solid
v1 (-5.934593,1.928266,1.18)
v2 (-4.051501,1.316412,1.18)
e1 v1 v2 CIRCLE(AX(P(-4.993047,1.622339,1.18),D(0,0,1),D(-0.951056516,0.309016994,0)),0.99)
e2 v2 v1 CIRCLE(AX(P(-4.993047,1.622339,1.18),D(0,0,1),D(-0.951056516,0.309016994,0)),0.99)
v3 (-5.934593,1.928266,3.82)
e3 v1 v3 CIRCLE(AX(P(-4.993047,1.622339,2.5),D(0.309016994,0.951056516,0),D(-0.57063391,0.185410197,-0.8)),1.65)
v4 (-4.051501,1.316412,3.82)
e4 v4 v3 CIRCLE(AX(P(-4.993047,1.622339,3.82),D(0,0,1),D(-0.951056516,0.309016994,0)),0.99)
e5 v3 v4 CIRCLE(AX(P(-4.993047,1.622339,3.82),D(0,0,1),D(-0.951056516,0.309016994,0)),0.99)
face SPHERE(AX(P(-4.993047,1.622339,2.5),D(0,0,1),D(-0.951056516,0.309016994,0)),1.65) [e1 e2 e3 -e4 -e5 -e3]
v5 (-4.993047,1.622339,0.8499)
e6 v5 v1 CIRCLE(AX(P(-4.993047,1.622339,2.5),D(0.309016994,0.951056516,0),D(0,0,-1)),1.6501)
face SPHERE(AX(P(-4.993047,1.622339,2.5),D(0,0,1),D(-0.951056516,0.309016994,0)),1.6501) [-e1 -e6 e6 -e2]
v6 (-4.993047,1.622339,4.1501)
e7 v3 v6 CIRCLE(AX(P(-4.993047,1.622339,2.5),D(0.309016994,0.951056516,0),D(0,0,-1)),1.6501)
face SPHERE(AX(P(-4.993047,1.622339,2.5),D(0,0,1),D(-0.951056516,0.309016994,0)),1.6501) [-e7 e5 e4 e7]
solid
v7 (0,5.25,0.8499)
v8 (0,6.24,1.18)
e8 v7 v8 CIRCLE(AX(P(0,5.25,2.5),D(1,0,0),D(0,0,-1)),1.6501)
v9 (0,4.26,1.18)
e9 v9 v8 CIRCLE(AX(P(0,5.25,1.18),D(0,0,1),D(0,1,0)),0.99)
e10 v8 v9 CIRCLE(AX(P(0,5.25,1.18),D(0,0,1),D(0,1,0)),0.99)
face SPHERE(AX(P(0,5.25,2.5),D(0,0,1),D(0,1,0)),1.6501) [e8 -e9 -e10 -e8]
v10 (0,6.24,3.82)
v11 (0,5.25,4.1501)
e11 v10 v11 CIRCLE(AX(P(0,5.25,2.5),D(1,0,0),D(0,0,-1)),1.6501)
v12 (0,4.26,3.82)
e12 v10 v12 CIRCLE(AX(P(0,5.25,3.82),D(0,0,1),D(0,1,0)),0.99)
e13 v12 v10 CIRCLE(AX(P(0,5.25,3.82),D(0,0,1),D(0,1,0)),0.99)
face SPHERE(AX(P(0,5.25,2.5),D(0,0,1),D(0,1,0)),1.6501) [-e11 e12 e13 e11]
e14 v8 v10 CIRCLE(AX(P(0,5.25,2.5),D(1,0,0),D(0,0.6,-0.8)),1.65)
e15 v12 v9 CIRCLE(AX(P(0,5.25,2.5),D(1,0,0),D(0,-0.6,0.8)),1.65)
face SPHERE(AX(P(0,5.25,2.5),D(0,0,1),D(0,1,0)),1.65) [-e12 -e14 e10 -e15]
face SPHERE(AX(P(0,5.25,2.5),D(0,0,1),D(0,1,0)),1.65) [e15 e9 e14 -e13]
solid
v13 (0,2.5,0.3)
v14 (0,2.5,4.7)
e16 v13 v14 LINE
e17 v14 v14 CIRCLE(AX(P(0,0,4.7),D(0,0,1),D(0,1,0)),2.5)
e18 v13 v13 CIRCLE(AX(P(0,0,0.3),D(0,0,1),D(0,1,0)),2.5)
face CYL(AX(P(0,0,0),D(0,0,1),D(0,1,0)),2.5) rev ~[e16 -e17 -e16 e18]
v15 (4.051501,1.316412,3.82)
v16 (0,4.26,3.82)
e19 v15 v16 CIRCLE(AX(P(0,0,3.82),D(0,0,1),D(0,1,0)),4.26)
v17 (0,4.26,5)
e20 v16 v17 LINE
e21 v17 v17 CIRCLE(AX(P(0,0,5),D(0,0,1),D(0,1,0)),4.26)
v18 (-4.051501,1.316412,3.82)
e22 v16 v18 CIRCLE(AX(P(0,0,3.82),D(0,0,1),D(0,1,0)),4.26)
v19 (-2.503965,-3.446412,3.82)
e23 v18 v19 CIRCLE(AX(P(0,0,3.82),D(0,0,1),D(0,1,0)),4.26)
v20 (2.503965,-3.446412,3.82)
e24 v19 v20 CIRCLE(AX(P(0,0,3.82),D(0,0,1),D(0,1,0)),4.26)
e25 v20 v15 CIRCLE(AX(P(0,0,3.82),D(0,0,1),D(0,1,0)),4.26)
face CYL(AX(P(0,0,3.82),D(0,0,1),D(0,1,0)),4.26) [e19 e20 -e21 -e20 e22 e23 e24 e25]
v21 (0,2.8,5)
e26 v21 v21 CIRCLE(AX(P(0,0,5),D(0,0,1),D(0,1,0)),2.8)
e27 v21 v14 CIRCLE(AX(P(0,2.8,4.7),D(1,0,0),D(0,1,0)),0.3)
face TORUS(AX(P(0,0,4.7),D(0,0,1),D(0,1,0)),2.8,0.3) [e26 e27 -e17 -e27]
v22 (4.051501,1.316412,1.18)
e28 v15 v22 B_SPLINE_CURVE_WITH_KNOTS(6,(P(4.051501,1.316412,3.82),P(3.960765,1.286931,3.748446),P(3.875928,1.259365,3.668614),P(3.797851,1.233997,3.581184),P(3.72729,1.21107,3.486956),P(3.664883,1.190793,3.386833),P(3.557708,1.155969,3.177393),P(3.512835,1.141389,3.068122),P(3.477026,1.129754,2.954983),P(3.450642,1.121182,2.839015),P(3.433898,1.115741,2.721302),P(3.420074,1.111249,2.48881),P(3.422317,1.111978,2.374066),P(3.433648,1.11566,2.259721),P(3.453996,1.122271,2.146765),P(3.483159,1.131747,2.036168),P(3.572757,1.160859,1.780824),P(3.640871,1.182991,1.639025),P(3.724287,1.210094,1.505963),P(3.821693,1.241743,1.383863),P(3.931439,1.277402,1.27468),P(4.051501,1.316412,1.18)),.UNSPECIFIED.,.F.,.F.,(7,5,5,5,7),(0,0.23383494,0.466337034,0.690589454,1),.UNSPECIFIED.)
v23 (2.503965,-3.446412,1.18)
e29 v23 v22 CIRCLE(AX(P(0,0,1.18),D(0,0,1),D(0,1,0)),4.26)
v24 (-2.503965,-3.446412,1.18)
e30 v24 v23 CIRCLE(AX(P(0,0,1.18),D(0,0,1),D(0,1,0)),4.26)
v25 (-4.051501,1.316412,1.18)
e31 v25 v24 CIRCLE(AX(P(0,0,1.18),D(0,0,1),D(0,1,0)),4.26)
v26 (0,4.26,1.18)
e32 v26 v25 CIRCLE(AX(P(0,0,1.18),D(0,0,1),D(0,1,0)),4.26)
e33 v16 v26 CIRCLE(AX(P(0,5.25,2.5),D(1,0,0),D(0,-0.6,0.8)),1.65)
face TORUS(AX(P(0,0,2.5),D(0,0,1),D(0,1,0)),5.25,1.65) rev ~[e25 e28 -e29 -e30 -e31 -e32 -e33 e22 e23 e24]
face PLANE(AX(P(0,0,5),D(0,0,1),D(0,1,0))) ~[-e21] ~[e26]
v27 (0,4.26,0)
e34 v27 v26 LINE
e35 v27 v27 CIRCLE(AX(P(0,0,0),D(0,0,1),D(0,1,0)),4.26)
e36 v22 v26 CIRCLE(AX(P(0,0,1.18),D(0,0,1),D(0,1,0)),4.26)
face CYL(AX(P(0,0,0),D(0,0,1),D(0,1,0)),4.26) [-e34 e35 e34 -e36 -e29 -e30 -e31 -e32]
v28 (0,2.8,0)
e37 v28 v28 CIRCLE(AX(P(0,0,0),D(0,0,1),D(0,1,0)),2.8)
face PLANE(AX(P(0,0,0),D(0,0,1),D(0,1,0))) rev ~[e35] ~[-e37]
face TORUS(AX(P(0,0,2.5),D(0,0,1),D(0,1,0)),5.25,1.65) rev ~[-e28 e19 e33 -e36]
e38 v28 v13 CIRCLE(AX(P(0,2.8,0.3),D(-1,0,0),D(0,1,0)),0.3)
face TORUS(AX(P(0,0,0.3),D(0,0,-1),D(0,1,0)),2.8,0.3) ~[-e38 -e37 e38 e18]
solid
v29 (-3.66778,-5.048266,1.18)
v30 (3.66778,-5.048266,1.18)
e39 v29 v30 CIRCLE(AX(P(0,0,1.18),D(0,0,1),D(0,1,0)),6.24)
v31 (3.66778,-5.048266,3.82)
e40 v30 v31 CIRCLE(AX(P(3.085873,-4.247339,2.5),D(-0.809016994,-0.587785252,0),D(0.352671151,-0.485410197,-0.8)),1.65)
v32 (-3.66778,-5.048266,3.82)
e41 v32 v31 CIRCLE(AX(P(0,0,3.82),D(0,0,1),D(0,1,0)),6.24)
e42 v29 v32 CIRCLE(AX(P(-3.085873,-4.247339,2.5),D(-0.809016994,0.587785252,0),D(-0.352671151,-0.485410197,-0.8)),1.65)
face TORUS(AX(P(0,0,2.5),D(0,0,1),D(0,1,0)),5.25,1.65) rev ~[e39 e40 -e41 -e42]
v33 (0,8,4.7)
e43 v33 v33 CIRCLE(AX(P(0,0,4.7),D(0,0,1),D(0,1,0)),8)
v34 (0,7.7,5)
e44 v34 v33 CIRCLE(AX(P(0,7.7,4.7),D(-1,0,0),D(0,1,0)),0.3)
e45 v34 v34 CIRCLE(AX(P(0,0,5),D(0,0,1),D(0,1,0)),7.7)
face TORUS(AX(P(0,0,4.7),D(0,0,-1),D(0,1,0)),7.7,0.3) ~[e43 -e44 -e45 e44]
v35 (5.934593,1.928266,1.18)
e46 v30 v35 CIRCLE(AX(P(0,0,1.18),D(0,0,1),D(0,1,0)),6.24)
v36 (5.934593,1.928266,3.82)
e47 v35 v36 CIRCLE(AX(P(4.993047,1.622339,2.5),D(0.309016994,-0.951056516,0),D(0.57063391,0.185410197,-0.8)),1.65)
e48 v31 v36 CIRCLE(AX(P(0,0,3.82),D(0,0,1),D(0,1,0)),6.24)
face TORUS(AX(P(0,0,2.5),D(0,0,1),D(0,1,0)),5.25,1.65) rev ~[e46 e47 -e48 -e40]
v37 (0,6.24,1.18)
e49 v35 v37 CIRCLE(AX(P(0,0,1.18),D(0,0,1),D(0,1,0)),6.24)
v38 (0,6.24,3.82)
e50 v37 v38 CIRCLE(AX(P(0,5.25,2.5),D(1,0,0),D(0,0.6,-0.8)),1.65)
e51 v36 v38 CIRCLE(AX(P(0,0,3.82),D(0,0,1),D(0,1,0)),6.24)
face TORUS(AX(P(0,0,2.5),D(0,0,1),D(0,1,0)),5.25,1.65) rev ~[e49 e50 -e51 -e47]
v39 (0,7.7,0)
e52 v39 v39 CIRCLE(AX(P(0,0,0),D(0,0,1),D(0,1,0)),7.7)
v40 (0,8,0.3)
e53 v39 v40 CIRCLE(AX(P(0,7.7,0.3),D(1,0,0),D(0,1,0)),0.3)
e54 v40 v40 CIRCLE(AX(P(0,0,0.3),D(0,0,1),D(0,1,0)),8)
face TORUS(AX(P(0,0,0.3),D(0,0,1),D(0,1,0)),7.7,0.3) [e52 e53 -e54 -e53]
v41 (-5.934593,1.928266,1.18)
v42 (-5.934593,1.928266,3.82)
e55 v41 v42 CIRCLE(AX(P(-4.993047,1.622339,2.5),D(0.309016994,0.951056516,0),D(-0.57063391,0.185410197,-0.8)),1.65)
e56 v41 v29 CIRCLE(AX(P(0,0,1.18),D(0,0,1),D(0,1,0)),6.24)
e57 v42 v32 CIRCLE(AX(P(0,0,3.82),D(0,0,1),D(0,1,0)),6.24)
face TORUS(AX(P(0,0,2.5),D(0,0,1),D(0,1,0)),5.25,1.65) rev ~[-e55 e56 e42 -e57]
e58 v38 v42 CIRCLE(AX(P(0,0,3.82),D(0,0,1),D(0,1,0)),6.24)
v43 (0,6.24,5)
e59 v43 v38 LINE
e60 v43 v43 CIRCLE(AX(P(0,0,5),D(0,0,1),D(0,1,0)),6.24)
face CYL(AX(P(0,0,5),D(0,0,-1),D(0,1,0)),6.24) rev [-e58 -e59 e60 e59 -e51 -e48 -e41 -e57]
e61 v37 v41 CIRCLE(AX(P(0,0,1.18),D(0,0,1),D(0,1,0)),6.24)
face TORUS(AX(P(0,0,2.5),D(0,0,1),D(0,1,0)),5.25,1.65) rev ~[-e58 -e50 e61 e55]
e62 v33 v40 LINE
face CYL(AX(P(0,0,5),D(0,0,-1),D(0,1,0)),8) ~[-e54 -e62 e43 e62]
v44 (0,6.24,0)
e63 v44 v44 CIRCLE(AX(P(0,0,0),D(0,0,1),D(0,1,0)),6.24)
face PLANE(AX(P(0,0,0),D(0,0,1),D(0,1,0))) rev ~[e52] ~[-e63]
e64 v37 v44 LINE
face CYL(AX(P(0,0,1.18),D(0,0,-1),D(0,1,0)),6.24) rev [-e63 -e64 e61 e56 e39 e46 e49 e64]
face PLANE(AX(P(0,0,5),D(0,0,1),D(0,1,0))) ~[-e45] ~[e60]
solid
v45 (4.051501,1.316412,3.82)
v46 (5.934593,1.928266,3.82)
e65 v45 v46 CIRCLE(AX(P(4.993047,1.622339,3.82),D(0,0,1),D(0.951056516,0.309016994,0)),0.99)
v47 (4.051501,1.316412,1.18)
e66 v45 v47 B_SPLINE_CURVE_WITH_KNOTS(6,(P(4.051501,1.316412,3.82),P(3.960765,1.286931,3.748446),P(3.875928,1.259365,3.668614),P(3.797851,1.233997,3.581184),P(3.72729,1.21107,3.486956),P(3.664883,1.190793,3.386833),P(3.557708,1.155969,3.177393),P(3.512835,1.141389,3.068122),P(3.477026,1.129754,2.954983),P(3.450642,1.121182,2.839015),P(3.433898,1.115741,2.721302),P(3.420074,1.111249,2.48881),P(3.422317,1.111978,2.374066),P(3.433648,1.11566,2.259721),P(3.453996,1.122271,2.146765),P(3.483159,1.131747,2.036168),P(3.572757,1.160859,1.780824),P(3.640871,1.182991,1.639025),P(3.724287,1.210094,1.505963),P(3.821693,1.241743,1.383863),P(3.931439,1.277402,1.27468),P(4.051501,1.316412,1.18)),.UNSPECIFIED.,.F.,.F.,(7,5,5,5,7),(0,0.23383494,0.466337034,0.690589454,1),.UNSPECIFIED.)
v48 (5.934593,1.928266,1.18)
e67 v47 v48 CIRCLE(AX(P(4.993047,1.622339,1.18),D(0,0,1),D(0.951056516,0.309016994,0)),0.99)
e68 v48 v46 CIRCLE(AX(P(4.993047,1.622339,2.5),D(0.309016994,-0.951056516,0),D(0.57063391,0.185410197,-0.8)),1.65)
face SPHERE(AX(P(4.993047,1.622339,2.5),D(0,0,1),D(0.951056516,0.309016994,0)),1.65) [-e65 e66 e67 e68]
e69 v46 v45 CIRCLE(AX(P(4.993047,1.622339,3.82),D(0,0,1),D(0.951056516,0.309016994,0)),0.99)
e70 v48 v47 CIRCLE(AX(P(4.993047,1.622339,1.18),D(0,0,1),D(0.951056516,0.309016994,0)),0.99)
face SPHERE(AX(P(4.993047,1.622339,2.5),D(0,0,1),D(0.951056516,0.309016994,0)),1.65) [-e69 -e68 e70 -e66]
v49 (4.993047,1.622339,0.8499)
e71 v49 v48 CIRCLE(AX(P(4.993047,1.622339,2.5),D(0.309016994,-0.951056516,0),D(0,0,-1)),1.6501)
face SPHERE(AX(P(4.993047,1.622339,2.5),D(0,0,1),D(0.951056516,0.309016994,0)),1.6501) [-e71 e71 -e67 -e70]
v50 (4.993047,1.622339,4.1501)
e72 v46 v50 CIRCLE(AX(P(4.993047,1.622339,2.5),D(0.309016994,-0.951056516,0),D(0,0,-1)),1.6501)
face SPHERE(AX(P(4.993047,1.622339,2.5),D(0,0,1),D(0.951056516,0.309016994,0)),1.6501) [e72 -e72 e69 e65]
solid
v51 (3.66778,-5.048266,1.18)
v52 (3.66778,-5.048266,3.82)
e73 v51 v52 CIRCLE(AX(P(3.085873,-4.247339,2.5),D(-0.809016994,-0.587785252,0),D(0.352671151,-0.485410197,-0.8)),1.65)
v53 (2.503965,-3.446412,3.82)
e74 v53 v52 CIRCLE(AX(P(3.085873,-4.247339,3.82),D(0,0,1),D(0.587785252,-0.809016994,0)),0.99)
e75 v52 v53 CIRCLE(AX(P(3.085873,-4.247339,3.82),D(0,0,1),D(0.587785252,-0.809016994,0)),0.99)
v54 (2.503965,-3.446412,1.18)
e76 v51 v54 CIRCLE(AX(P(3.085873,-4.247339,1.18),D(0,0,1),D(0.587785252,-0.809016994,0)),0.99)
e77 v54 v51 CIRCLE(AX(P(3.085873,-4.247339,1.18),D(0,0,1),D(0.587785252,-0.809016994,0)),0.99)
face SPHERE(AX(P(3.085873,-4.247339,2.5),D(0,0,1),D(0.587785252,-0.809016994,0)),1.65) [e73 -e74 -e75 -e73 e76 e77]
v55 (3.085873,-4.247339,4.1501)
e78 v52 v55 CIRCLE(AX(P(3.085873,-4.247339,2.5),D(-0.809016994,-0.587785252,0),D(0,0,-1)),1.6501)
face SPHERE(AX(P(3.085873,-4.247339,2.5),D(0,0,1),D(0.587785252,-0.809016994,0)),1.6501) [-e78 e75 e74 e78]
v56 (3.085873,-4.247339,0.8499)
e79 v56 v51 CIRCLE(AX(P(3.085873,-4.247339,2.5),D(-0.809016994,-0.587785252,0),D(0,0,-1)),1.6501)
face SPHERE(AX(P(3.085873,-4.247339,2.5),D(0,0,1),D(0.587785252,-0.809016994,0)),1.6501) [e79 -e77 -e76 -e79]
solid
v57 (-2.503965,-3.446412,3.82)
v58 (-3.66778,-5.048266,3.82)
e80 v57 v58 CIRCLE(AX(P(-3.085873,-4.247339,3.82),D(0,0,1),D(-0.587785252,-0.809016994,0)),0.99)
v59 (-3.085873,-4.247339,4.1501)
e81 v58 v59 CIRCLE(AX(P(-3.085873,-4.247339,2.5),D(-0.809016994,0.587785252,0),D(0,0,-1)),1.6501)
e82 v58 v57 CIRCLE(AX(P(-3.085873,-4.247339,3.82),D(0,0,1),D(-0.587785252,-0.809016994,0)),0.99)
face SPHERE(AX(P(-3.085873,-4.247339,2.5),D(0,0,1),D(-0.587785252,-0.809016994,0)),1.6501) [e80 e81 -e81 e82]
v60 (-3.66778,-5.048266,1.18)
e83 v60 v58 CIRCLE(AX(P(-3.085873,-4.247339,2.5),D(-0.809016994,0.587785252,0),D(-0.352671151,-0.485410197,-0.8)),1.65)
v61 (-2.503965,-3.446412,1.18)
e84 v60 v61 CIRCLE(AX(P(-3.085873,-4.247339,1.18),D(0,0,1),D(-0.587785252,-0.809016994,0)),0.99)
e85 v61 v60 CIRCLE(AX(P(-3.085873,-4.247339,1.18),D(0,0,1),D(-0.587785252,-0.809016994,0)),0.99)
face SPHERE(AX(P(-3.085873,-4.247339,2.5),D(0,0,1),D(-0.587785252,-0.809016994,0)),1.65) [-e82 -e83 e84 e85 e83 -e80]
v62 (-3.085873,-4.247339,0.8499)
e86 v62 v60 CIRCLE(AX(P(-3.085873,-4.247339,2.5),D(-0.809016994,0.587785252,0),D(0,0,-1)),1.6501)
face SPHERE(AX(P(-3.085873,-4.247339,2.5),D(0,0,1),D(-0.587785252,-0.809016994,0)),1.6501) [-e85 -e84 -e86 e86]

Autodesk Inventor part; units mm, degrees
ref_plane "YZ Plane" through (0, 0, 0) normal (1, 0, 0) x (0, 1, 0)
sketch "Skizze1" plane through (0, 0, 0) normal (0, 0, 1) x (1, 0, 0)
  point P0 (0, 0)
sketch "Skizze2" plane through (0, 0, 0) normal (1, 0, 0) x (0, 1, 0)
  line L0 (2.5, 5) -> (8, 5)
  line L1 (2.5, 0) -> (2.5, 5)
  line L2 (8, 0) -> (2.5, 0)
  line L3 (8, 5) -> (8, 0)
  line L4 (0, 0) -> (0, 20) construction
  line L5 (0, 0) -> (0, 20)
  line L6 (-7.2, 0) -> (43.2, 0) projected
  dimension "d1" = 5
  dimension "d3" = 16
  dimension "d5" = 5
revolve "Drehung1" add sketch "Skizze2" angle 360 about axis through (0, 0, 0) along (0, 0, 1)
ref_plane "WorkPlane3" through (0, 0, 0) normal (0, 0, -1) x (-1, 0, 0)
sketch "Skizze3" plane through (0, 0, 0) normal (1, 0, 0) x (0, 1, 0)
  arc A0 (6.24, 1.18) -> (6.24, 3.82) centre (5.25, 2.5) ccw
  line L0 (6.24, 5) -> (6.24, 3.82)
  line L1 (4.26, 5) -> (6.24, 5)
  line L2 (4.26, 3.82) -> (4.26, 5)
  arc A1 (4.26, 3.82) -> (4.26, 1.18) centre (5.25, 2.5) ccw
  line L3 (4.26, 0) -> (4.26, 1.18)
  line L4 (6.24, 0) -> (4.26, 0)
  line L5 (6.24, 1.18) -> (6.24, 0)
  line L6 (8, 0) -> (-8, 0) construction
  line L7 (8, 5) -> (-8, 5) construction
  line L8 (0, -42.2904) -> (0, 61.2904)
  line L9 (0, 82.0066) -> (0, -63.0066) projected
  dimension "d9" = 3.3
  dimension "d21" = 4.26
  dimension "d22" = 5.25
  dimension "d23" = 6.24
revolve "Drehung2" cut sketch "Skizze3" angle 360 about axis through (0, 0, -42.2904) along (0, 0, 1)
ref_plane "WorkPlane4" through (0, 0, 5) normal (0, 0, -1) x (-1, 0, 0)
sketch "Skizze4" plane through (0, 0, 5) normal (0, 0, -1) x (-1, 0, 0)
  point P0 (0, 0)
sketch "Skizze5" plane through (0, 0, 0) normal (1, 0, 0) x (0, 1, 0)
  arc A0 (5.25, 0.8499) -> (5.25, 4.1501) centre (5.25, 2.5) ccw
  line L0 (5.25, 0.8499) -> (5.25, 4.1501)
  line L1 (6.24, 0) -> (-6.24, 0) construction
  line L2 (5.25, 0.8499) -> (5.25, 4.1501)
  arc A1 (6.24, 1.18) -> (6.24, 3.82) centre (5.25, 2.5) ccw projected
  dimension "d13" = 0
  dimension "d15" = 3.3001
revolve "Drehung3" add sketch "Skizze5" angle 360 about axis through (0, 5.25, 0.8499) along (0, 0, 1)
pattern_circular "Polare Anordnung1" count 5 over 360 about axis through (0, 0, 2.5) along (0, 0, 1) of "Drehung3"
fillet "Rundung1" radius 0.3 4 edges at (0, -8, 5) (0, -8, 0) (0, -2.5, 5) (0, -2.5, 0)
equation "\"d17\" = msp_pocet"
equation "\"d20\" = r"
equation "\"d1\" = Diam"
equation "\"d3\" = DD"
equation "\"d5\" = msp_mdtd2"
equation "\"d9\" = msp_mdtd6"
equation "\"d21\" = 0.5 * msp_d1"
equation "\"d22\" = 0.5 * msp_ds"
equation "\"d23\" = 0.5 * msp_dd1"
equation "\"Diam\" = 5"
equation "\"DD\" = 16"
equation "\"B\" = 5"
equation "\"r\" = 0.3"
equation "\"msp_ds\" = 0.5 * Diam + 0.5 * DD"
equation "\"msp_d0\" = -0.3 * Diam + 0.3 * DD"
equation "\"msp_d1\" = msp_ds - 0.6 * msp_d0"
equation "\"msp_dd1\" = msp_ds + 0.6 * msp_d0"
equation "\"msp_pom\" = 1.5 * msp_ds"
equation "\"msp_mdtd2\" = B"
equation "\"msp_mdtd4\" = msp_ds"
equation "\"msp_mdtd6\" = msp_d0"
equation "\"msp_mdtd7\" = 0.5 * msp_mdtd2"
equation "\"msp_pocet\" = 5.172727"
properties part number "DIN 625 SKF - SKF 625" material "Stahl, weich"
